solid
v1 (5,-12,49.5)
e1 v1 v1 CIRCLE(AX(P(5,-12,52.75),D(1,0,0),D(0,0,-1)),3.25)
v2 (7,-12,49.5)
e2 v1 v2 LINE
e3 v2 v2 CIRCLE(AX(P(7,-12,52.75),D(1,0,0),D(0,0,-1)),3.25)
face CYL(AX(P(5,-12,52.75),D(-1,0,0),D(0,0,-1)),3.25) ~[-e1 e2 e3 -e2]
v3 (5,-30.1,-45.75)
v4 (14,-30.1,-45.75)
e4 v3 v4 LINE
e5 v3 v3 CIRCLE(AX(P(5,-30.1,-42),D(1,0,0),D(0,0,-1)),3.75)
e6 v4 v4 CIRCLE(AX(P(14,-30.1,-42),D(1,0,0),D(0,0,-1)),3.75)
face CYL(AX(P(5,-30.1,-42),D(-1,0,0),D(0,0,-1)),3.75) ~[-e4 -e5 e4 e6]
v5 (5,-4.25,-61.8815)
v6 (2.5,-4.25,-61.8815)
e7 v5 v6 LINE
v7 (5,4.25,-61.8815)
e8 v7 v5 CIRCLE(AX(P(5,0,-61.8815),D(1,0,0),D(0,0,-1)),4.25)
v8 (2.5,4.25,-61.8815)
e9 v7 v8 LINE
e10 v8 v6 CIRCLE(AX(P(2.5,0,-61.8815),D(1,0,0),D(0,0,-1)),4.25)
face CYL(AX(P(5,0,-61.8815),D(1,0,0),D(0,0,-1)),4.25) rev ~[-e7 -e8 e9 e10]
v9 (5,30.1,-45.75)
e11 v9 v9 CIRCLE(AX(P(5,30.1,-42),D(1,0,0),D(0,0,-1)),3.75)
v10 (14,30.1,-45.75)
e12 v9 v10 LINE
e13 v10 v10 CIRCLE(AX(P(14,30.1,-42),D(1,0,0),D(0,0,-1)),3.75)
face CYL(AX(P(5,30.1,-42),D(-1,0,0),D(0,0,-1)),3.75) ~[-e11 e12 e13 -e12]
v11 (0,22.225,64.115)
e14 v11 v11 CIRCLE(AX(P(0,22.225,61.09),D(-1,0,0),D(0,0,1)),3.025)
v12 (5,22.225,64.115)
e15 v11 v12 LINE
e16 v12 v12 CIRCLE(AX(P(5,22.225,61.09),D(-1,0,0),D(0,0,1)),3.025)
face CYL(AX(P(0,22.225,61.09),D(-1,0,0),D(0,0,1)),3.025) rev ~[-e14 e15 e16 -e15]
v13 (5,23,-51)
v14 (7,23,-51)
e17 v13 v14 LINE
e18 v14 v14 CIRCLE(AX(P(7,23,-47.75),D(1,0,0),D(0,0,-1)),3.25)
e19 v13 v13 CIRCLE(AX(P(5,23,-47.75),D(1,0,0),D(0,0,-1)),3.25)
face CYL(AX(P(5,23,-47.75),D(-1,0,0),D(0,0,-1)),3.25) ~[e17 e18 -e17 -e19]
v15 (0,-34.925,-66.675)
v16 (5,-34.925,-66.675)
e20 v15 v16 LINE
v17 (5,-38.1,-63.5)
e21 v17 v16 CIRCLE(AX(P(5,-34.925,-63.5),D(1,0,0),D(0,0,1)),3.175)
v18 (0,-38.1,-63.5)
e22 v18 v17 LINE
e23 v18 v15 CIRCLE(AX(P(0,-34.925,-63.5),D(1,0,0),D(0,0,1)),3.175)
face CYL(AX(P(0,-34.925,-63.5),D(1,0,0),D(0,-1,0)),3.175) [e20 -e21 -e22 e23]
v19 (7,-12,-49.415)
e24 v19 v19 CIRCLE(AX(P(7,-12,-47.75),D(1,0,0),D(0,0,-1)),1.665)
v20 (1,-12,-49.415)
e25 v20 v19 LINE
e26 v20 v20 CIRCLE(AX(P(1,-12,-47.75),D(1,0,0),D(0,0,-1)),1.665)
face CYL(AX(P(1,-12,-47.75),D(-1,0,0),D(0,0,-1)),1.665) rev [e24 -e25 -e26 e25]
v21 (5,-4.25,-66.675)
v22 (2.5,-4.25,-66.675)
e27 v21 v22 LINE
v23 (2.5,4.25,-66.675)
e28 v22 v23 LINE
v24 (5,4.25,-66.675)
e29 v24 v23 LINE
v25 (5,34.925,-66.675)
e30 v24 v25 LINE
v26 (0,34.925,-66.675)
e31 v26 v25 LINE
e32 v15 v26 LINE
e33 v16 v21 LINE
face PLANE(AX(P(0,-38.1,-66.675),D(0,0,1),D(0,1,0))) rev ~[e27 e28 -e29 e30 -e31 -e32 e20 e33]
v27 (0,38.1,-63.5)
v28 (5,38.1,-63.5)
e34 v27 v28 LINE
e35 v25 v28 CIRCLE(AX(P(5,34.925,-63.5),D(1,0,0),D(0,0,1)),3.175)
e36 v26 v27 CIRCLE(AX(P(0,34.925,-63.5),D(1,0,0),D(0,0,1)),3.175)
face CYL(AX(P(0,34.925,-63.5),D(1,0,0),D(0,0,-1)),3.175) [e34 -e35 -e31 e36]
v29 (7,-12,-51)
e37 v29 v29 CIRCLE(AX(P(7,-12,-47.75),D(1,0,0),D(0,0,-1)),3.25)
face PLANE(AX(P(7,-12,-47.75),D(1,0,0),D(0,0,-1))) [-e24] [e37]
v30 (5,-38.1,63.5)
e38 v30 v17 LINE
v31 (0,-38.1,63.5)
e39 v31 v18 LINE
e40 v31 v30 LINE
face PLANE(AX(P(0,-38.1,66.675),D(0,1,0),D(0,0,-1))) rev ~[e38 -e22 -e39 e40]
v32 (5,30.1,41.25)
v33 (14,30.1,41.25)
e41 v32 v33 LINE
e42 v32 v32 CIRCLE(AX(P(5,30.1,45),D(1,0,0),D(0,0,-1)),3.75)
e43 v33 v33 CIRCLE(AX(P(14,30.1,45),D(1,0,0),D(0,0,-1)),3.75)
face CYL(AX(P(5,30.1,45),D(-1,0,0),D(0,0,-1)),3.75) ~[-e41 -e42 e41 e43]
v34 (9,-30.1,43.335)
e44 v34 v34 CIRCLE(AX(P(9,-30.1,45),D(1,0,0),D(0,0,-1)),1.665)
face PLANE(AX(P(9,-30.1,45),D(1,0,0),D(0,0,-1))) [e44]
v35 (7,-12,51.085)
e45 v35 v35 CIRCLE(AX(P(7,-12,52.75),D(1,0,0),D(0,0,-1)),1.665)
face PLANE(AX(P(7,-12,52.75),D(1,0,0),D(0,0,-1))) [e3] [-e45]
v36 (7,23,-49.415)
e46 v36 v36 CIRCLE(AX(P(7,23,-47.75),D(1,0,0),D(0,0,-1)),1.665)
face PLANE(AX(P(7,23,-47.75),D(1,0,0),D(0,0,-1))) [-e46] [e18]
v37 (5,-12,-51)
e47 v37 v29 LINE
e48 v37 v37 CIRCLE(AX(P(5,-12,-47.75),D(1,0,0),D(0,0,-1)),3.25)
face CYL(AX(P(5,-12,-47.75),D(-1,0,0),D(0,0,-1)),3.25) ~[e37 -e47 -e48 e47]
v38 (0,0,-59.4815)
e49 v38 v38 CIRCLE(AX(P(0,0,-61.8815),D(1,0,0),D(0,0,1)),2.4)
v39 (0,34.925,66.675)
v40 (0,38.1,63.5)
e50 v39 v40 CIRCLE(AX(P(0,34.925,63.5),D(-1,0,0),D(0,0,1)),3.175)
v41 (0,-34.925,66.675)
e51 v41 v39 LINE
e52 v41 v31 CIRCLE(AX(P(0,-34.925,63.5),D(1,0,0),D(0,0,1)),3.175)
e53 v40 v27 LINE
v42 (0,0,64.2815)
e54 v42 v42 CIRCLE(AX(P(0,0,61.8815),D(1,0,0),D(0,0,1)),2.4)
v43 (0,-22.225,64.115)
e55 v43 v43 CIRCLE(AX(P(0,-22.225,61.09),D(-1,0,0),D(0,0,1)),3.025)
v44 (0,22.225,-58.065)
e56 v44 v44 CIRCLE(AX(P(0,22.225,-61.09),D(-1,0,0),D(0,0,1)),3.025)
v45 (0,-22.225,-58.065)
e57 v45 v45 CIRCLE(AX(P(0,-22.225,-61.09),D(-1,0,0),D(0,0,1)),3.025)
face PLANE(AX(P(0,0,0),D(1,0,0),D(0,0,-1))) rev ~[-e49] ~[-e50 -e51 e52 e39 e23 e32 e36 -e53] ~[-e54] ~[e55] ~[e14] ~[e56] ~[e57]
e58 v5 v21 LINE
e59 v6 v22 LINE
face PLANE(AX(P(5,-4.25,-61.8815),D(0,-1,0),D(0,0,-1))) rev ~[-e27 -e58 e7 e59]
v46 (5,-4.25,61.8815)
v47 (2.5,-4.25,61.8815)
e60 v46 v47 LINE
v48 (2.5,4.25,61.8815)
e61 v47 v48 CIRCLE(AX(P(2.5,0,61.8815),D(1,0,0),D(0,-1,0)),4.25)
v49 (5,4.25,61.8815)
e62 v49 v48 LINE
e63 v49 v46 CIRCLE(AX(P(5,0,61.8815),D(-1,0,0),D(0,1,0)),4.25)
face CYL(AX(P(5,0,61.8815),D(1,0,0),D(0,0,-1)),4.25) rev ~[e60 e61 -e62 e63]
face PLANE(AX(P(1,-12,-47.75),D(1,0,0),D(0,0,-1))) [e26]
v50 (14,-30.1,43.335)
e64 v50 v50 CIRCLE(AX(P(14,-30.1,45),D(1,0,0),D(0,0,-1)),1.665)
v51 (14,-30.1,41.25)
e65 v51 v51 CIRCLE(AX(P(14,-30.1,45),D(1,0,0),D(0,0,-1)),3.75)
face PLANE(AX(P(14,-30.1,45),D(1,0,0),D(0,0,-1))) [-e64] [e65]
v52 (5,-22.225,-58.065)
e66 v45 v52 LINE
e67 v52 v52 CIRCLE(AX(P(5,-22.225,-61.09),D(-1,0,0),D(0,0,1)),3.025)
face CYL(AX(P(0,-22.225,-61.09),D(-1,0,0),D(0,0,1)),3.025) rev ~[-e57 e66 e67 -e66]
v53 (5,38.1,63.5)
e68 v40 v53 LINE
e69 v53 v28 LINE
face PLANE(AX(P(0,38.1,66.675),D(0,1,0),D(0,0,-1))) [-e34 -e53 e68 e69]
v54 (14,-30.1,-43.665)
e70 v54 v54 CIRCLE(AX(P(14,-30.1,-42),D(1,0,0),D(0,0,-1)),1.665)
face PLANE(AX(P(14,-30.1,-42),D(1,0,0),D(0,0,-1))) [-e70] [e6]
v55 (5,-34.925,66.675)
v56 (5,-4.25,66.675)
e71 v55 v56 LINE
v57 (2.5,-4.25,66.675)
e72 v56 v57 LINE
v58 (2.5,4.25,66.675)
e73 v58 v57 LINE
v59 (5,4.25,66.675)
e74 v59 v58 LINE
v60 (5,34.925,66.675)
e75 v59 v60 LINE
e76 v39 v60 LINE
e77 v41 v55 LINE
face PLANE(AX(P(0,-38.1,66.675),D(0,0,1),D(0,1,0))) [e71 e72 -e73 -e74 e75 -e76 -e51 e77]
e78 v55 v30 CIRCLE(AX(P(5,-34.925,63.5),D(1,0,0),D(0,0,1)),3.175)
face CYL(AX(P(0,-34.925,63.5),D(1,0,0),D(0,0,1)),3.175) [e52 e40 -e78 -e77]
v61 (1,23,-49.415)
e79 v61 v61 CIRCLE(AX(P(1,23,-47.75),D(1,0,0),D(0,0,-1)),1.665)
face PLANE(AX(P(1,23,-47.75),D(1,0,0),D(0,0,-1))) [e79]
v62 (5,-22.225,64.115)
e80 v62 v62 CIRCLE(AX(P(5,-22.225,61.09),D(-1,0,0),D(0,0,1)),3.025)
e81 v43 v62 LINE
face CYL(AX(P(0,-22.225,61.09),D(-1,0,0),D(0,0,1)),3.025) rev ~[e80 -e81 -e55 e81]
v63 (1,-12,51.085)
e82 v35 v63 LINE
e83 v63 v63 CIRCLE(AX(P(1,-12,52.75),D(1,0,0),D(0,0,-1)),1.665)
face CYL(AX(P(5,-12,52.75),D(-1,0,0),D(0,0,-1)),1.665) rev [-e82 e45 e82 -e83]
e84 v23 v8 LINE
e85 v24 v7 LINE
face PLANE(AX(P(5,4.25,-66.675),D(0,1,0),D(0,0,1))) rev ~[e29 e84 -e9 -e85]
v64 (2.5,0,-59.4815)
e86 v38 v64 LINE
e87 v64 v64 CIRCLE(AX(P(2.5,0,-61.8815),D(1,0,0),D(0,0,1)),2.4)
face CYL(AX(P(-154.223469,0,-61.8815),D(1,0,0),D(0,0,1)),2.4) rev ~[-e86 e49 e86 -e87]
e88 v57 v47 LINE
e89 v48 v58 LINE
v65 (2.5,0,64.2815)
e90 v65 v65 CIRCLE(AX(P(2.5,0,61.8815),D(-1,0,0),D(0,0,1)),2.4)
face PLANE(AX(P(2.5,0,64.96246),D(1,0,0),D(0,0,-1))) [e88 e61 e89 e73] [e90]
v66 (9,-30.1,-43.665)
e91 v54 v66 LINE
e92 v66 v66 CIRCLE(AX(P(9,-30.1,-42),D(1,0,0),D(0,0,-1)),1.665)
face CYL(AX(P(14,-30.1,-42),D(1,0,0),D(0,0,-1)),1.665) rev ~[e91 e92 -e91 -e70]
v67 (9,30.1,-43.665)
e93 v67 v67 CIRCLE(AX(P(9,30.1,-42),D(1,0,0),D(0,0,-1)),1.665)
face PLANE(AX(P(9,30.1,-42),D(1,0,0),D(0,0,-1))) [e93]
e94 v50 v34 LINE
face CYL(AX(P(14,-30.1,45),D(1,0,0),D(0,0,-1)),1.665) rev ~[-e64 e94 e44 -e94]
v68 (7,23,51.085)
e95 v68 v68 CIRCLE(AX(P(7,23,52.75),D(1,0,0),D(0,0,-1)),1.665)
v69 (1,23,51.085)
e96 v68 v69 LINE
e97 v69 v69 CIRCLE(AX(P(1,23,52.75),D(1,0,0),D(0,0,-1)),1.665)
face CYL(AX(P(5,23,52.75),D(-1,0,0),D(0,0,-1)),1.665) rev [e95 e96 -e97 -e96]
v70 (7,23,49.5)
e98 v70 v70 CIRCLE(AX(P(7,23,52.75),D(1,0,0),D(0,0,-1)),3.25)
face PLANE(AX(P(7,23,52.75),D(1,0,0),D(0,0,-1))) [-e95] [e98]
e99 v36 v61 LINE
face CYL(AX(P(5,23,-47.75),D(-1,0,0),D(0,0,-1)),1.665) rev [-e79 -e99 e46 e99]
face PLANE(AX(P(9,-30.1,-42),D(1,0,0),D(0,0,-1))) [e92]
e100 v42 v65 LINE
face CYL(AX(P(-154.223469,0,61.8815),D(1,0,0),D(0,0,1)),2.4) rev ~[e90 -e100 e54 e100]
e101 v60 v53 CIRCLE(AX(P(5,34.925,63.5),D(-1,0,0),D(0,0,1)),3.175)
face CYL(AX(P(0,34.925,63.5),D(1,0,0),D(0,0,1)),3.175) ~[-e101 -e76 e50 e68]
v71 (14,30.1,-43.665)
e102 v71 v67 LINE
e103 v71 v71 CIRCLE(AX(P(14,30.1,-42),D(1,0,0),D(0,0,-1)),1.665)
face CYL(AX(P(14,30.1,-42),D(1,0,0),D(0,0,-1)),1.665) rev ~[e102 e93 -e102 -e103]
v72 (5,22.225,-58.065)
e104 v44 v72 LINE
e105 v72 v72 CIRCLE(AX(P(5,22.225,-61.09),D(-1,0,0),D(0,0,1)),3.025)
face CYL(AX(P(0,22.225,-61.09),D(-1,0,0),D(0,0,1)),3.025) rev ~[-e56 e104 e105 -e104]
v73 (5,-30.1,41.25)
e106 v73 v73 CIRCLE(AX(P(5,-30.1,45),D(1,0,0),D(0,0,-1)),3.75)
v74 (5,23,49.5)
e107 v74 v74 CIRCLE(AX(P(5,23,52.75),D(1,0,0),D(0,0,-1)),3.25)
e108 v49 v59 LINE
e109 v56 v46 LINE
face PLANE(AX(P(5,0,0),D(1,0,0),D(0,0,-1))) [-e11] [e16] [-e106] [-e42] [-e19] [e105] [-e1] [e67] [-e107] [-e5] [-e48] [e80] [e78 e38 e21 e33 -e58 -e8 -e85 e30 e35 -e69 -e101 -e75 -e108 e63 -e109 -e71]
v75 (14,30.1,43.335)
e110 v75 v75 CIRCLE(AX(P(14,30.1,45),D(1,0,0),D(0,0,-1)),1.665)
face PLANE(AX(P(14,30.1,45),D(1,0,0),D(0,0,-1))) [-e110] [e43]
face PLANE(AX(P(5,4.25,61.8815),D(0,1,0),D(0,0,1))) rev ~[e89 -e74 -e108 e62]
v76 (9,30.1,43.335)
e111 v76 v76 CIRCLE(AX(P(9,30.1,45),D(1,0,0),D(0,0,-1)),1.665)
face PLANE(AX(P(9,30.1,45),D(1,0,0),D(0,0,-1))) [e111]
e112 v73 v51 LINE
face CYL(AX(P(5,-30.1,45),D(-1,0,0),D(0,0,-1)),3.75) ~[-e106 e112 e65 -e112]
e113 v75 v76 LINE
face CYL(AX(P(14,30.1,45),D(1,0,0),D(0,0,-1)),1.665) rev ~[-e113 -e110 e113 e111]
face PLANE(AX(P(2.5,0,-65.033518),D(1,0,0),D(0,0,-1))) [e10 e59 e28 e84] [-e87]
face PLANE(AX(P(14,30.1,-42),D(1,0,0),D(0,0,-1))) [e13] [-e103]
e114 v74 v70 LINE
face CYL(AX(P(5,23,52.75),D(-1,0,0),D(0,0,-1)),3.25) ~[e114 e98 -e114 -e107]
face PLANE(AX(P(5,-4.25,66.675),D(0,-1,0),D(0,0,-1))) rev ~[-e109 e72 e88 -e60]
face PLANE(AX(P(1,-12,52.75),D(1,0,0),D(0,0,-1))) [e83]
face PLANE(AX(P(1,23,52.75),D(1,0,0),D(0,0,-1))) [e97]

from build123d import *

# Parameters (mm, degrees)
SKETCH1_W            = 133.35
SKETCH1_H            = 76.2
BOSS_EXTRUDE1_DEPTH  = 5
FILLET1_R            = 3.175
SKETCH2_R            = 3.025
CUT_EXTRUDE1_DEPTH   = 77.955608145
SKETCH5_R            = 3.25
SKETCH5_R_2          = 1.665
BOSS_EXTRUDE2_DEPTH  = 2
CUT_EXTRUDE2_START   = -6
SKETCH6_R            = 1.665
CUT_EXTRUDE2_DEPTH   = 6
SKETCH8_R            = 3.75
BOSS_EXTRUDE4_DEPTH  = 9
SKETCH9_R            = 1.665
CUT_EXTRUDE3_DEPTH   = 5
M4_CLEARANCE_HOLE1_D = 4.8
SKETCH16_R           = 4.25
SKETCH16_R_2         = 2.4
CUT_EXTRUDE4_DEPTH   = 2.5


with BuildPart() as part:
    # Sketch1 → Boss-Extrude1 (new body)
    with BuildSketch(Plane(origin=(0, 0, 0), x_dir=(0, 0, -1), z_dir=(1, 0, 0))):
        Rectangle(SKETCH1_W, SKETCH1_H)
    extrude(amount=BOSS_EXTRUDE1_DEPTH)

    # Fillet1
    fillet1_edges = [part.edges().sort_by_distance(p)[0] for p in [
        (2.5, -38.1, -66.675),
        (2.5, -38.1, 66.675),
        (2.5, 38.1, 66.675),
        (2.5, 38.1, -66.675),
    ]]
    fillet(fillet1_edges, radius=FILLET1_R)

    # Sketch2 → Cut-Extrude1 (cut, through all)
    with BuildSketch(Plane.ZY):
        with Locations((-61.09, -22.225)):
            Circle(SKETCH2_R)
        with Locations((-61.09, 22.225)):
            Circle(SKETCH2_R)
        with Locations((61.09, -22.225)):
            Circle(SKETCH2_R)
        with Locations((61.09, 22.225)):
            Circle(SKETCH2_R)
    extrude(amount=-CUT_EXTRUDE1_DEPTH, mode=Mode.SUBTRACT)

    # Sketch5 → Boss-Extrude2 (add)
    # profile 1 of 4: a face of its own
    with BuildSketch(Plane(origin=(5, 0, 0), x_dir=(0, 0, -1), z_dir=(1, 0, 0))):
        with Locations((-52.75, 23)):
            Circle(SKETCH5_R)
        with Locations((-52.75, 23)):
            Circle(SKETCH5_R_2, mode=Mode.SUBTRACT)
    # profile 2 of 4: a face of its own
    with BuildSketch(Plane(origin=(5, 0, 0), x_dir=(0, 0, -1), z_dir=(1, 0, 0))):
        with Locations((-52.75, -12)):
            Circle(SKETCH5_R)
        with Locations((-52.75, -12)):
            Circle(SKETCH5_R_2, mode=Mode.SUBTRACT)
    # profile 3 of 4: a face of its own
    with BuildSketch(Plane(origin=(5, 0, 0), x_dir=(0, 0, -1), z_dir=(1, 0, 0))):
        with Locations((47.75, 23)):
            Circle(SKETCH5_R)
        with Locations((47.75, 23)):
            Circle(SKETCH5_R_2, mode=Mode.SUBTRACT)
    # profile 4 of 4: a face of its own
    with BuildSketch(Plane(origin=(5, 0, 0), x_dir=(0, 0, -1), z_dir=(1, 0, 0))):
        with Locations((47.75, -12)):
            Circle(SKETCH5_R)
    extrude(amount=BOSS_EXTRUDE2_DEPTH)

    # Sketch6 → Cut-Extrude2 (cut)
    with BuildSketch(Plane(origin=(7, 0, 0), x_dir=(0, 0, -1), z_dir=(1, 0, 0)).offset(CUT_EXTRUDE2_START)):
        with Locations((-52.75, -12)):
            Circle(SKETCH6_R)
        with Locations((-52.75, 23)):
            Circle(SKETCH6_R)
        with Locations((47.75, -12)):
            Circle(SKETCH6_R)
        with Locations((47.75, 23)):
            Circle(SKETCH6_R)
    extrude(amount=CUT_EXTRUDE2_DEPTH, mode=Mode.SUBTRACT)

    # Sketch8 → Boss-Extrude4 (add)
    with BuildSketch(Plane(origin=(5, 0, 0), x_dir=(0, 0, -1), z_dir=(1, 0, 0))):
        with Locations((-45, -30.1)):
            Circle(SKETCH8_R)
        with Locations((-45, 30.1)):
            Circle(SKETCH8_R)
        with Locations((42, 30.1)):
            Circle(SKETCH8_R)
        with Locations((42, -30.1)):
            Circle(SKETCH8_R)
    extrude(amount=BOSS_EXTRUDE4_DEPTH)

    # Sketch9 → Cut-Extrude3 (cut)
    with BuildSketch(Plane(origin=(14, 0, 0), x_dir=(0, 0, -1), z_dir=(1, 0, 0))):
        with Locations((-45, -30.1)):
            Circle(SKETCH9_R)
        with Locations((-45, 30.1)):
            Circle(SKETCH9_R)
        with Locations((42, 30.1)):
            Circle(SKETCH9_R)
        with Locations((42, -30.1)):
            Circle(SKETCH9_R)
    extrude(amount=-CUT_EXTRUDE3_DEPTH, mode=Mode.SUBTRACT)

    # M4 Clearance Hole1 (through all)
    with Locations(Plane(origin=(-0.0007, 0, 61.8815), x_dir=(0, 0, -1), z_dir=(-1, 0, 0))):
        with Locations((0, 0), (123.763, 0)):
            Hole(M4_CLEARANCE_HOLE1_D / 2)

    # Sketch16 → Cut-Extrude4 (cut)
    # profile 1 of 6: a face of its own
    with BuildSketch(Plane(origin=(5, 0, 0), x_dir=(0, 0, -1), z_dir=(1, 0, 0))):
        with Locations((-61.8815, 0)):
            Circle(SKETCH16_R)
        with Locations((-61.8815, 0)):
            Circle(SKETCH16_R_2, mode=Mode.SUBTRACT)
    # profile 2 of 6: a face of its own
    with BuildSketch(Plane(origin=(5, 0, 0), x_dir=(0, 0, -1), z_dir=(1, 0, 0))):
        with BuildLine():
            ThreePointArc((-61.8815, -4.25), (-66.1315, 0), (-61.8815, 4.25))
            Line((-61.8815, 4.25), (-66.675, 4.25))
            Line((-66.675, 4.25), (-66.675, -4.25))
            Line((-66.675, -4.25), (-61.8815, -4.25))
        make_face()
    # profile 3 of 6: a face of its own
    with BuildSketch(Plane(origin=(5, 0, 0), x_dir=(0, 0, -1), z_dir=(1, 0, 0))):
        with Locations((-61.8815, 0)):
            Circle(SKETCH16_R_2)
    # profile 4 of 6: a face of its own
    with BuildSketch(Plane(origin=(5, 0, 0), x_dir=(0, 0, -1), z_dir=(1, 0, 0))):
        with Locations((61.8815, 0)):
            Circle(SKETCH16_R)
        with Locations((61.8815, 0)):
            Circle(SKETCH16_R_2, mode=Mode.SUBTRACT)
    # profile 5 of 6: a face of its own
    with BuildSketch(Plane(origin=(5, 0, 0), x_dir=(0, 0, -1), z_dir=(1, 0, 0))):
        with BuildLine():
            Line((66.675, 4.25), (61.8815, 4.25))
            ThreePointArc((61.8815, 4.25), (64.88670382, 3.00520382), (66.1315, 0))
            ThreePointArc((66.1315, 0), (64.88670382, -3.00520382), (61.8815, -4.25))
            Line((61.8815, -4.25), (66.675, -4.25))
            Line((66.675, -4.25), (66.675, 4.25))
        make_face()
    # profile 6 of 6: a face of its own
    with BuildSketch(Plane(origin=(5, 0, 0), x_dir=(0, 0, -1), z_dir=(1, 0, 0))):
        with Locations((61.8815, 0)):
            Circle(SKETCH16_R_2)
    extrude(amount=-CUT_EXTRUDE4_DEPTH, mode=Mode.SUBTRACT)


solid = part.part
